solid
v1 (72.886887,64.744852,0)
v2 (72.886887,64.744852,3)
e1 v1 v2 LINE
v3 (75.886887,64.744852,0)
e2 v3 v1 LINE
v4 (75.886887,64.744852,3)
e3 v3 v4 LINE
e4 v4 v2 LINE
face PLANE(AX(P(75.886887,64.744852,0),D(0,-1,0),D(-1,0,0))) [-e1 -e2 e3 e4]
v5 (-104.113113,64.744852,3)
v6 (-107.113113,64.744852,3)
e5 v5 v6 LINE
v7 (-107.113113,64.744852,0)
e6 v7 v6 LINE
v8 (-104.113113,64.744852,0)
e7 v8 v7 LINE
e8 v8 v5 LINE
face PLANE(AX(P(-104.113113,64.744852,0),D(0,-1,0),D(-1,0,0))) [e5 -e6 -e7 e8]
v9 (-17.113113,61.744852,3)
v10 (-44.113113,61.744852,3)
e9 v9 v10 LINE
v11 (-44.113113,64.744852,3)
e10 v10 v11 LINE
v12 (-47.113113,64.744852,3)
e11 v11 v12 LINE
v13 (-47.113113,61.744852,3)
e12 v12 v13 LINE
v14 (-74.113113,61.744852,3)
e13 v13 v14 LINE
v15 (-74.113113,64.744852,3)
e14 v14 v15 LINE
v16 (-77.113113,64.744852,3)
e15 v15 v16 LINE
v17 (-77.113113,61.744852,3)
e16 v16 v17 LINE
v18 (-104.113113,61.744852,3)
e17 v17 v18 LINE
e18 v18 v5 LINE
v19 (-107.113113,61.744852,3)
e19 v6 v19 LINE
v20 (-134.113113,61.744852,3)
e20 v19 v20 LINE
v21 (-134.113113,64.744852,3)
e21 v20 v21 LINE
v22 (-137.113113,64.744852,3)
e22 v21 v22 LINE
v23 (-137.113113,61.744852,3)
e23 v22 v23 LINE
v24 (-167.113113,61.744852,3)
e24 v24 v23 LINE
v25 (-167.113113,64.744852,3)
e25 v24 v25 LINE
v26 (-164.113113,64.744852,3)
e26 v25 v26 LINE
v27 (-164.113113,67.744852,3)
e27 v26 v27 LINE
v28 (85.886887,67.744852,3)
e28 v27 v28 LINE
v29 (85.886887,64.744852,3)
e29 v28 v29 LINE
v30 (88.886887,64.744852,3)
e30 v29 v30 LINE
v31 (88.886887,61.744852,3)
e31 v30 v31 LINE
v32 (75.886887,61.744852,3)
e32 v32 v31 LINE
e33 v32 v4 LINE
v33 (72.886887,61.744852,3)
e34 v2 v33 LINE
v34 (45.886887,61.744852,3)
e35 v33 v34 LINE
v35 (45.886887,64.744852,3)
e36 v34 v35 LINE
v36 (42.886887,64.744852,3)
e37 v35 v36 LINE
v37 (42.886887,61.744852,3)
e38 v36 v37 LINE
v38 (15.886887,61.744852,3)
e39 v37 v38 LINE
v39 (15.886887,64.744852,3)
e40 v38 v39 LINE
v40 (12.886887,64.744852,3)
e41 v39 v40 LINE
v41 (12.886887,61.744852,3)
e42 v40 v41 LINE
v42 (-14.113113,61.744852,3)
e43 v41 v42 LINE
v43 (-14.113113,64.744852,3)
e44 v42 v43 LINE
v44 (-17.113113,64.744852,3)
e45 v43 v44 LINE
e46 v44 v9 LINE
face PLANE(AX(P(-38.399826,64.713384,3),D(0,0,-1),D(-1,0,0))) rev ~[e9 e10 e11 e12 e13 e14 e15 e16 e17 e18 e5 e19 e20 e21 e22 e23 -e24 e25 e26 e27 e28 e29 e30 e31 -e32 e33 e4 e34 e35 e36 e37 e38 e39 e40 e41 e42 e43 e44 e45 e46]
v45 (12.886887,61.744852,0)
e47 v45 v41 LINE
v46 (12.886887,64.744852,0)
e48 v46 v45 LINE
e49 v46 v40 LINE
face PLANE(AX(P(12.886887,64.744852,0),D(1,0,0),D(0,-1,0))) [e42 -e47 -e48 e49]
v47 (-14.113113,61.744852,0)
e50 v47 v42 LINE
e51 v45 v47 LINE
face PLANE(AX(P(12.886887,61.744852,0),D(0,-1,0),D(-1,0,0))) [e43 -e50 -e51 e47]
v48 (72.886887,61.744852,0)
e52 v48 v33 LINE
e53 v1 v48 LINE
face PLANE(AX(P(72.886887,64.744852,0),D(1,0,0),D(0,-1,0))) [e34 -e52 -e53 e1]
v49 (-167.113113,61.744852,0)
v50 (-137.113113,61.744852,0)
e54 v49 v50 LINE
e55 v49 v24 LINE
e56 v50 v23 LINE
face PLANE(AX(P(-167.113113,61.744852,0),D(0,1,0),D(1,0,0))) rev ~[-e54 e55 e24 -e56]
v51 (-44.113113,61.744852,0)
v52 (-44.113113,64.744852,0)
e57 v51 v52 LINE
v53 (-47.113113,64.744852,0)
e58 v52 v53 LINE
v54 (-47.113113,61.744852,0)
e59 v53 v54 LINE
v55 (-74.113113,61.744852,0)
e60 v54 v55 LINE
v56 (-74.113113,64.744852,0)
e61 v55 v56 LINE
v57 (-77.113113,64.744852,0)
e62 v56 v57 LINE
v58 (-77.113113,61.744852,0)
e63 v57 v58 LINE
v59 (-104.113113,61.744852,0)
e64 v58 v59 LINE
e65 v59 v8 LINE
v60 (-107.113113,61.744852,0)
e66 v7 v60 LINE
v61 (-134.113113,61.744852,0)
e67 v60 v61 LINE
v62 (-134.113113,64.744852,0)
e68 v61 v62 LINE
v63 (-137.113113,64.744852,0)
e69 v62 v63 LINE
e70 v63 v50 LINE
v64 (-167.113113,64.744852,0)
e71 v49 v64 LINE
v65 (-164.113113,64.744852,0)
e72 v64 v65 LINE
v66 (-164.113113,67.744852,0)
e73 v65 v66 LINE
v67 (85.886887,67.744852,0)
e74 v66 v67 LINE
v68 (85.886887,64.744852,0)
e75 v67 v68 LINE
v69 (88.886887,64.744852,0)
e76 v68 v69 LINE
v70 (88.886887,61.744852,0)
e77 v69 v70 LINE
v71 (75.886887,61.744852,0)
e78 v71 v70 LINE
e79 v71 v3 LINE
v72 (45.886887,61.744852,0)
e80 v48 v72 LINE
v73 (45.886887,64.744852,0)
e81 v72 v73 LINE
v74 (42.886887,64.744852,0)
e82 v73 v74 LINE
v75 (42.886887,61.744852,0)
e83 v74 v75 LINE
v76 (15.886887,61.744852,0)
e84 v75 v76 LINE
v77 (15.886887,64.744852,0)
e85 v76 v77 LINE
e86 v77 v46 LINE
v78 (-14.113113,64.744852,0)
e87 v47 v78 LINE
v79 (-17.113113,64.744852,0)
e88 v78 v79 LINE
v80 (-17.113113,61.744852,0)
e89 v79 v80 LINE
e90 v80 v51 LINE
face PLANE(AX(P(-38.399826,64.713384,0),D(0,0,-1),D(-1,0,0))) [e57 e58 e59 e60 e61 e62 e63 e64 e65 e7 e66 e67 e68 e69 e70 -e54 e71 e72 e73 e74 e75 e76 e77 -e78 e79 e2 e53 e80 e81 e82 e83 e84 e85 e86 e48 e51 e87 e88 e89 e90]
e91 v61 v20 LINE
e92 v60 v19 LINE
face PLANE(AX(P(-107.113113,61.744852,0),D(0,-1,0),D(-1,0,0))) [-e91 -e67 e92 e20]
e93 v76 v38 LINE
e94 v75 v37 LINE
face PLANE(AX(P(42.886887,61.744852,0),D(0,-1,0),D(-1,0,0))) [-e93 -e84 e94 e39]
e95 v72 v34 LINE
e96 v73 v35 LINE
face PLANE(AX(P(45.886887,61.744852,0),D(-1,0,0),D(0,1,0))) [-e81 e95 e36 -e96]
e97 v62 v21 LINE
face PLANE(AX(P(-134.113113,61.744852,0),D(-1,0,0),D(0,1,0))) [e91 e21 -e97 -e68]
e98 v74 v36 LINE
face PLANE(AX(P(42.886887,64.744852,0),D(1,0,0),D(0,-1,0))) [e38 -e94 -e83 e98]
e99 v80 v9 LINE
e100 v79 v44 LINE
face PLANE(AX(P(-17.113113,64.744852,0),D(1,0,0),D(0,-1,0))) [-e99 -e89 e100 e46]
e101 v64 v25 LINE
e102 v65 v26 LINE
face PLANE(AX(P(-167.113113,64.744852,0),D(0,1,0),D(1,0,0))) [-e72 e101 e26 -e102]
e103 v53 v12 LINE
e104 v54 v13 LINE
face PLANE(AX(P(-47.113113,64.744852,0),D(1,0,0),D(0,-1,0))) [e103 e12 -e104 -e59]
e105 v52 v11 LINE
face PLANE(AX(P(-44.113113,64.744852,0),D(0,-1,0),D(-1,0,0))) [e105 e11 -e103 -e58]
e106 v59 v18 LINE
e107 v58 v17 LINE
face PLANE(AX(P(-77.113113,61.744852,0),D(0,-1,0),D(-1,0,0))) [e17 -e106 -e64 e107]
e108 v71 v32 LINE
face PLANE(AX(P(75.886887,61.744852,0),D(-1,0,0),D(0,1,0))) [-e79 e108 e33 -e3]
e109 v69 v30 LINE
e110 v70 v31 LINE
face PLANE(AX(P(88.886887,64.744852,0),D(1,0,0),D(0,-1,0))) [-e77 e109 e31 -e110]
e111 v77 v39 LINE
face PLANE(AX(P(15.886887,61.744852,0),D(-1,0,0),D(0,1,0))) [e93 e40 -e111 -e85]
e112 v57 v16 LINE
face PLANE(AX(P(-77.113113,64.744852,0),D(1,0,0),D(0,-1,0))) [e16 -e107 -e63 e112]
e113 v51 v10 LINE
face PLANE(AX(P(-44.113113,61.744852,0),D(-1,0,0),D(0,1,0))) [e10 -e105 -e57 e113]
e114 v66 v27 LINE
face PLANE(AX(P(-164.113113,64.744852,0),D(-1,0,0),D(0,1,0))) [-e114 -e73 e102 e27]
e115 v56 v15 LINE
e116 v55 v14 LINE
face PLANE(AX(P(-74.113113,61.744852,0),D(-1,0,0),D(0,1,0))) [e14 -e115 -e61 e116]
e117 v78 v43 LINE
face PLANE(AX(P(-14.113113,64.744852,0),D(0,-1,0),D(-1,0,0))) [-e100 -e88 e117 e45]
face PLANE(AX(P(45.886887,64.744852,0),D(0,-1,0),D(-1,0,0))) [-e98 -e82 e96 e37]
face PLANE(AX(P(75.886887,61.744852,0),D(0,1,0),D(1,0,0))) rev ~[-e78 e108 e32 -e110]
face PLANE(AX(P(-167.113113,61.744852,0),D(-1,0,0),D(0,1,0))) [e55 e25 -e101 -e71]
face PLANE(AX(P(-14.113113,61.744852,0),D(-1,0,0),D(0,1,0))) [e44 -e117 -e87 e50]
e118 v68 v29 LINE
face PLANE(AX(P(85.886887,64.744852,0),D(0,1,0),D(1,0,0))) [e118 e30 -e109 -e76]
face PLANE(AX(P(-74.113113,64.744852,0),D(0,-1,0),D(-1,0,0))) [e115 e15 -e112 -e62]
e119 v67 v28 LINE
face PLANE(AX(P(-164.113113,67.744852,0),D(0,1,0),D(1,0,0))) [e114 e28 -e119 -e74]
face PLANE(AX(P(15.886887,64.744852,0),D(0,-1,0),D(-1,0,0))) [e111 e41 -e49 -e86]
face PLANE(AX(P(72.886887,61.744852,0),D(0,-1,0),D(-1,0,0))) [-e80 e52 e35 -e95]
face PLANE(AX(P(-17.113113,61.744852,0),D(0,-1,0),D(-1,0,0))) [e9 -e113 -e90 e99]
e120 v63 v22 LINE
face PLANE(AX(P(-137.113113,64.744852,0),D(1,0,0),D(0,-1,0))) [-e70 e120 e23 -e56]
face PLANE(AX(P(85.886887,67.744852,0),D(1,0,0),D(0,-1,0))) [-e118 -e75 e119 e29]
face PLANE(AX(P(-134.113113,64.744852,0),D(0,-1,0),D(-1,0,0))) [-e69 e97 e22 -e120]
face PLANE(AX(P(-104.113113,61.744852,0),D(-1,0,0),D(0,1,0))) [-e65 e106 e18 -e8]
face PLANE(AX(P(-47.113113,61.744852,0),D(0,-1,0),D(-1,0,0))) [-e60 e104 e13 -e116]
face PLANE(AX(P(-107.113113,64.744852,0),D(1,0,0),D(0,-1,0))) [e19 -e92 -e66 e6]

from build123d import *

# Parameters (mm, degrees)
BOSS_EXTRUDE2_DEPTH = 3


with BuildPart() as part:
    # Sketch2 → Boss-Extrude2 (new body)
    with BuildSketch(Plane.XY):
        Polygon((-107.113112534, 64.74485216), (-107.113112534, 61.74485216), (-134.113112534, 61.74485216), (-134.113112534, 64.74485216), (-137.113112534, 64.74485216), (-137.113112534, 61.74485216), (-164.113112534, 61.74485216), (-167.113112534, 61.74485216), (-167.113112534, 64.74485216), (-164.113112534, 64.74485216), (-164.113112534, 67.74485216), (85.886887466, 67.74485216), (85.886887466, 64.74485216), (88.886887466, 64.74485216), (88.886887466, 61.74485216), (85.886887466, 61.74485216), (75.886887466, 61.74485216), (75.886887466, 64.74485216), (72.886887466, 64.74485216), (72.886887466, 61.74485216), (45.886887466, 61.74485216), (45.886887466, 64.74485216), (42.886887466, 64.74485216), (42.886887466, 61.74485216), (15.886887466, 61.74485216), (15.886887466, 64.74485216), (12.886887466, 64.74485216), (12.886887466, 61.74485216), (-14.113112534, 61.74485216), (-14.113112534, 64.74485216), (-17.113112534, 64.74485216), (-17.113112534, 61.74485216), (-44.113112534, 61.74485216), (-44.113112534, 64.74485216), (-47.113112534, 64.74485216), (-47.113112534, 61.74485216), (-74.113112534, 61.74485216), (-74.113112534, 64.74485216), (-77.113112534, 64.74485216), (-77.113112534, 61.74485216), (-104.113112534, 61.74485216), (-104.113112534, 64.74485216), align=None)
    extrude(amount=BOSS_EXTRUDE2_DEPTH)


solid = part.part
